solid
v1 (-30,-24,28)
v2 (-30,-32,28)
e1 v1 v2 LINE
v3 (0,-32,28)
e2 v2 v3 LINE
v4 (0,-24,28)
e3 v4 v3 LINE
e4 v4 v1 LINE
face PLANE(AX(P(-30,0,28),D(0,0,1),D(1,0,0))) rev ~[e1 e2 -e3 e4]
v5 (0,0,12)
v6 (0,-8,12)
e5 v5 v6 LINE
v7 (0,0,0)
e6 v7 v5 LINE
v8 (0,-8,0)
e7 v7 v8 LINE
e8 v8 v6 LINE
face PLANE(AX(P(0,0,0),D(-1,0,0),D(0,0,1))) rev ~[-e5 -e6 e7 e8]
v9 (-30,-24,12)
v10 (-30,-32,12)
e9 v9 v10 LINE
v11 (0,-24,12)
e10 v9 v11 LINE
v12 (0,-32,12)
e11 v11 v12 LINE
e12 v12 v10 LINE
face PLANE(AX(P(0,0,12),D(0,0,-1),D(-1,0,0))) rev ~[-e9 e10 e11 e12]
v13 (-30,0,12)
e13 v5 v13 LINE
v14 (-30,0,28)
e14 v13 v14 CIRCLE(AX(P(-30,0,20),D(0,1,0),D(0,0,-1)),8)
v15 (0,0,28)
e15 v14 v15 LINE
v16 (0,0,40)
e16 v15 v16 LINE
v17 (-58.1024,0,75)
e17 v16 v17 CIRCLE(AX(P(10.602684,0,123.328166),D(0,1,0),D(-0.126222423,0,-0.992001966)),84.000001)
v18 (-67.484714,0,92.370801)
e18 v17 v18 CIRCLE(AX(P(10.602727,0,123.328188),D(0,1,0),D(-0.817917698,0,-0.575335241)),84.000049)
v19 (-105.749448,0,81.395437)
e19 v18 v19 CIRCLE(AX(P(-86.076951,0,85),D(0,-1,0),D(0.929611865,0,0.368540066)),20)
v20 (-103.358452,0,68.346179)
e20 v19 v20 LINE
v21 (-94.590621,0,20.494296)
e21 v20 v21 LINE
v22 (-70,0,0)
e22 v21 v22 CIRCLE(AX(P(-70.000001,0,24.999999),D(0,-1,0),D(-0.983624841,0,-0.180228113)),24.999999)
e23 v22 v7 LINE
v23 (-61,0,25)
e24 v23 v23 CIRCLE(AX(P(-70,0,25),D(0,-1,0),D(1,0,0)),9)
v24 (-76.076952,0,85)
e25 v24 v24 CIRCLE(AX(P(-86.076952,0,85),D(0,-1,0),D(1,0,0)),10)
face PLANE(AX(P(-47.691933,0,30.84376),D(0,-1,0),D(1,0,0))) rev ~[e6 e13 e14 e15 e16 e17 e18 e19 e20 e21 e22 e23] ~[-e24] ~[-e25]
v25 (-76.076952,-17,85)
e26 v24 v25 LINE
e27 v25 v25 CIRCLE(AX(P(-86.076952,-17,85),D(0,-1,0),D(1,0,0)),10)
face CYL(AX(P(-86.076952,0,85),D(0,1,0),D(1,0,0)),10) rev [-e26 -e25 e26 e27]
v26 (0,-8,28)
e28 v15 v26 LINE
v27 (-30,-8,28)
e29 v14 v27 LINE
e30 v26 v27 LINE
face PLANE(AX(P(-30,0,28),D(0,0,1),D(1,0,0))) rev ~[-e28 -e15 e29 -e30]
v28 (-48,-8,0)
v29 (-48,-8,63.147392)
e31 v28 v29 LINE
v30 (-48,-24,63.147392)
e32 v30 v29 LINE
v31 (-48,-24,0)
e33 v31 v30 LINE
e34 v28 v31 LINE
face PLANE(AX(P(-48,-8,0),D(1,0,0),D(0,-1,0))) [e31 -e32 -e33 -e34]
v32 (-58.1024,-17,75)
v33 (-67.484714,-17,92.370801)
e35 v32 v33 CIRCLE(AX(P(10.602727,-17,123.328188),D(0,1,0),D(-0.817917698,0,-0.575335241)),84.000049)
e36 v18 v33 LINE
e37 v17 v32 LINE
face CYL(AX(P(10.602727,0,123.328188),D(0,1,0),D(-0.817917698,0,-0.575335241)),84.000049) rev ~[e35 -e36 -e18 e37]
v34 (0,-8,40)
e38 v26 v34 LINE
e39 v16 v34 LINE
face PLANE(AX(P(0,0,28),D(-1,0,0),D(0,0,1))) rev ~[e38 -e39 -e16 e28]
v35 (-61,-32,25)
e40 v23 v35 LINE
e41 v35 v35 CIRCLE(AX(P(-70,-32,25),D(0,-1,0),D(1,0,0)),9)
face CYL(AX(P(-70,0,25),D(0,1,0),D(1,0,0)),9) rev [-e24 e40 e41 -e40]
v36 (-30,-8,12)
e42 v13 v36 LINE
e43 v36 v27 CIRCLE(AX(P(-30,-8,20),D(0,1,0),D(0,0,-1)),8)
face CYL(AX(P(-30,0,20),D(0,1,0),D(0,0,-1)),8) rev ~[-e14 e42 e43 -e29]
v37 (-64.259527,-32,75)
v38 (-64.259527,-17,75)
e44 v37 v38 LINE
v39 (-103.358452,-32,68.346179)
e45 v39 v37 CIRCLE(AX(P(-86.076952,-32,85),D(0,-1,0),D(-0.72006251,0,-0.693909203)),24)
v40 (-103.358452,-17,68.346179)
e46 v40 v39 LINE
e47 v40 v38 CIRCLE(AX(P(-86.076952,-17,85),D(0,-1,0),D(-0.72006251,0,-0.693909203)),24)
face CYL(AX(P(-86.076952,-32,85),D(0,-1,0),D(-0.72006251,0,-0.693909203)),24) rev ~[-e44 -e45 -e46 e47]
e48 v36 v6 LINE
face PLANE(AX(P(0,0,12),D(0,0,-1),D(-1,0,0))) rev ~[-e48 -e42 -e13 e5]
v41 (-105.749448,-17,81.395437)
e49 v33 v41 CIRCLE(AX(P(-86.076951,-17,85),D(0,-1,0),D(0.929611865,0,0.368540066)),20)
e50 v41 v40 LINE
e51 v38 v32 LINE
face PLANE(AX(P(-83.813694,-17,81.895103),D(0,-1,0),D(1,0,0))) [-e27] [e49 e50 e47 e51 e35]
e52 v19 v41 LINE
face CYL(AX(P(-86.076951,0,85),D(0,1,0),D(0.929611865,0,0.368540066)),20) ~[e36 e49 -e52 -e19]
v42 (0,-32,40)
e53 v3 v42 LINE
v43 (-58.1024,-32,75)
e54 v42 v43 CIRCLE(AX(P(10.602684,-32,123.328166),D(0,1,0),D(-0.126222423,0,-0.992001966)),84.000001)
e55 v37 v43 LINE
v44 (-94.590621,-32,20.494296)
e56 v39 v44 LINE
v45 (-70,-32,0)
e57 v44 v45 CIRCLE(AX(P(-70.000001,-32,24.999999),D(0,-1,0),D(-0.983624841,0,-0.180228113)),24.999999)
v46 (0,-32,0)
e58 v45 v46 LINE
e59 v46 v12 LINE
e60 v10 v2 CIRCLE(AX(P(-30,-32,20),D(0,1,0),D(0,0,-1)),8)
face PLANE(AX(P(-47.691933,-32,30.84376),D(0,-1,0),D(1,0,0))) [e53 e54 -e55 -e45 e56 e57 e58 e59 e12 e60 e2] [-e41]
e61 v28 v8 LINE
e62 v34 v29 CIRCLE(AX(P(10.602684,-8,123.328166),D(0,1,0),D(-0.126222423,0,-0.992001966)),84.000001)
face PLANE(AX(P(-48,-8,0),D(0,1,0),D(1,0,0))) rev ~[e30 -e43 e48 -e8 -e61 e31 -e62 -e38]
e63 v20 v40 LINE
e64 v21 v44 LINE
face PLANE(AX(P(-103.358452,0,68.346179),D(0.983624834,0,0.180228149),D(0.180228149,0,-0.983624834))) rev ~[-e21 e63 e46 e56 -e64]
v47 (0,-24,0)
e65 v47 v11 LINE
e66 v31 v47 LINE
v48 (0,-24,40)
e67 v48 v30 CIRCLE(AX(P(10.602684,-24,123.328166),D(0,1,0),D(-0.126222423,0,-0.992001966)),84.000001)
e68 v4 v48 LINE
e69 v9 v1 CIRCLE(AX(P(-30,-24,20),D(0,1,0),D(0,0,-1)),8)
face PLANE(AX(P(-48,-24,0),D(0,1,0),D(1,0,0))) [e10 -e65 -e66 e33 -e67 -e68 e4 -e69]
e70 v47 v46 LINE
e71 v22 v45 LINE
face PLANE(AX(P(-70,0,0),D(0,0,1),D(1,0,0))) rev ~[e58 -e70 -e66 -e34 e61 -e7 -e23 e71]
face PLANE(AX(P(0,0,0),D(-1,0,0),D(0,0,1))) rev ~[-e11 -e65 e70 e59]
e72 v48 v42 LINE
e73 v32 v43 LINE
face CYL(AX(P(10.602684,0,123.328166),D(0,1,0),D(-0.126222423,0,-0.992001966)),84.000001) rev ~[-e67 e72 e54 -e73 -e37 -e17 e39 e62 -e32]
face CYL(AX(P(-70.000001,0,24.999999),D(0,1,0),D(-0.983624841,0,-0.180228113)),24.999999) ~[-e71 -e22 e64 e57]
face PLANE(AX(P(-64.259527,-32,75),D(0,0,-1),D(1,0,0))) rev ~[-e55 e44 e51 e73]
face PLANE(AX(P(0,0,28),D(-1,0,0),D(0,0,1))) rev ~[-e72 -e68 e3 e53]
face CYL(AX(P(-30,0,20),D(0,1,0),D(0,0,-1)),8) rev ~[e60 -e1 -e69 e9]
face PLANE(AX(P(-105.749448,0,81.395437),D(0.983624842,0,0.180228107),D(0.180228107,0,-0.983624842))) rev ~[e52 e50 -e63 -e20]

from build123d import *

# Parameters (mm, degrees)
F0_R     = 9
F0_R_2   = 10
F1_DEPTH = 32
F2_R     = 10
F3_DEPTH = 15
F4_W     = 48
F4_H     = 16
F5_DEPTH = 105.001


with BuildPart() as f1:
    # F0 (on Front) → F1 (new body)
    with BuildSketch(Plane.XZ):
        with BuildLine():
            Line((-70, 0), (0, 0))
            Line((0, 0), (0, 12))
            Line((0, 12), (-30, 12))
            ThreePointArc((-30, 12), (-38, 20), (-30, 28))
            Line((-30, 28), (0, 28))
            Line((0, 28), (0, 40))
            ThreePointArc((0, 40), (-32.741064, 51.374572), (-58.1024, 75))
            Line((-58.1024, 75), (-64.259527, 75))
            ThreePointArc((-64.259527, 75), (-82.050541, 61.34016), (-103.358452, 68.346179))
            Line((-103.358452, 68.346179), (-94.590621, 20.494296))
            ThreePointArc((-94.590621, 20.494296), (-86.005584, 5.795279), (-70, 0))
        make_face()
        with Locations((-70, 25)):
            Circle(F0_R, mode=Mode.SUBTRACT)
        with BuildLine():
            Line((-105.749448, 81.395437), (-103.358452, 68.346179))
            ThreePointArc((-103.358452, 68.346179), (-82.050541, 61.34016), (-64.259527, 75))
            Line((-64.259527, 75), (-58.1024, 75))
            ThreePointArc((-58.1024, 75), (-63.305667, 83.4088), (-67.484714, 92.370801))
            ThreePointArc((-67.484714, 92.370801), (-91.591151, 104.224817), (-105.749448, 81.395437))
        make_face()
        with Locations((-86.076952, 85)):
            Circle(F0_R_2, mode=Mode.SUBTRACT)
    extrude(amount=F1_DEPTH)

    # F2 (on face) → F3 (cut)
    with BuildSketch(Plane.XZ.offset(32)):
        with BuildLine():
            ThreePointArc((-67.484714, 92.370801), (-91.591151, 104.224817), (-105.749448, 81.395437))
            Line((-105.749448, 81.395437), (-103.358452, 68.346179))
            ThreePointArc((-103.358452, 68.346179), (-82.050541, 61.34016), (-64.259527, 75))
            Line((-64.259527, 75), (-58.1024, 75))
            ThreePointArc((-58.1024, 75), (-63.305667, 83.4088), (-67.484714, 92.370801))
        make_face()
        with Locations((-86.076952, 85)):
            Circle(F2_R, mode=Mode.SUBTRACT)
    extrude(amount=-F3_DEPTH, mode=Mode.SUBTRACT)

    # F4 (on face) → F5 (cut, through all)
    with BuildSketch(Plane(origin=(0, 0, 0), x_dir=(1, 0, 0), z_dir=(0, 0, -1))):
        with Locations((-24, 16)):
            Rectangle(F4_W, F4_H)
    extrude(amount=-F5_DEPTH, mode=Mode.SUBTRACT)


solid = f1.part
